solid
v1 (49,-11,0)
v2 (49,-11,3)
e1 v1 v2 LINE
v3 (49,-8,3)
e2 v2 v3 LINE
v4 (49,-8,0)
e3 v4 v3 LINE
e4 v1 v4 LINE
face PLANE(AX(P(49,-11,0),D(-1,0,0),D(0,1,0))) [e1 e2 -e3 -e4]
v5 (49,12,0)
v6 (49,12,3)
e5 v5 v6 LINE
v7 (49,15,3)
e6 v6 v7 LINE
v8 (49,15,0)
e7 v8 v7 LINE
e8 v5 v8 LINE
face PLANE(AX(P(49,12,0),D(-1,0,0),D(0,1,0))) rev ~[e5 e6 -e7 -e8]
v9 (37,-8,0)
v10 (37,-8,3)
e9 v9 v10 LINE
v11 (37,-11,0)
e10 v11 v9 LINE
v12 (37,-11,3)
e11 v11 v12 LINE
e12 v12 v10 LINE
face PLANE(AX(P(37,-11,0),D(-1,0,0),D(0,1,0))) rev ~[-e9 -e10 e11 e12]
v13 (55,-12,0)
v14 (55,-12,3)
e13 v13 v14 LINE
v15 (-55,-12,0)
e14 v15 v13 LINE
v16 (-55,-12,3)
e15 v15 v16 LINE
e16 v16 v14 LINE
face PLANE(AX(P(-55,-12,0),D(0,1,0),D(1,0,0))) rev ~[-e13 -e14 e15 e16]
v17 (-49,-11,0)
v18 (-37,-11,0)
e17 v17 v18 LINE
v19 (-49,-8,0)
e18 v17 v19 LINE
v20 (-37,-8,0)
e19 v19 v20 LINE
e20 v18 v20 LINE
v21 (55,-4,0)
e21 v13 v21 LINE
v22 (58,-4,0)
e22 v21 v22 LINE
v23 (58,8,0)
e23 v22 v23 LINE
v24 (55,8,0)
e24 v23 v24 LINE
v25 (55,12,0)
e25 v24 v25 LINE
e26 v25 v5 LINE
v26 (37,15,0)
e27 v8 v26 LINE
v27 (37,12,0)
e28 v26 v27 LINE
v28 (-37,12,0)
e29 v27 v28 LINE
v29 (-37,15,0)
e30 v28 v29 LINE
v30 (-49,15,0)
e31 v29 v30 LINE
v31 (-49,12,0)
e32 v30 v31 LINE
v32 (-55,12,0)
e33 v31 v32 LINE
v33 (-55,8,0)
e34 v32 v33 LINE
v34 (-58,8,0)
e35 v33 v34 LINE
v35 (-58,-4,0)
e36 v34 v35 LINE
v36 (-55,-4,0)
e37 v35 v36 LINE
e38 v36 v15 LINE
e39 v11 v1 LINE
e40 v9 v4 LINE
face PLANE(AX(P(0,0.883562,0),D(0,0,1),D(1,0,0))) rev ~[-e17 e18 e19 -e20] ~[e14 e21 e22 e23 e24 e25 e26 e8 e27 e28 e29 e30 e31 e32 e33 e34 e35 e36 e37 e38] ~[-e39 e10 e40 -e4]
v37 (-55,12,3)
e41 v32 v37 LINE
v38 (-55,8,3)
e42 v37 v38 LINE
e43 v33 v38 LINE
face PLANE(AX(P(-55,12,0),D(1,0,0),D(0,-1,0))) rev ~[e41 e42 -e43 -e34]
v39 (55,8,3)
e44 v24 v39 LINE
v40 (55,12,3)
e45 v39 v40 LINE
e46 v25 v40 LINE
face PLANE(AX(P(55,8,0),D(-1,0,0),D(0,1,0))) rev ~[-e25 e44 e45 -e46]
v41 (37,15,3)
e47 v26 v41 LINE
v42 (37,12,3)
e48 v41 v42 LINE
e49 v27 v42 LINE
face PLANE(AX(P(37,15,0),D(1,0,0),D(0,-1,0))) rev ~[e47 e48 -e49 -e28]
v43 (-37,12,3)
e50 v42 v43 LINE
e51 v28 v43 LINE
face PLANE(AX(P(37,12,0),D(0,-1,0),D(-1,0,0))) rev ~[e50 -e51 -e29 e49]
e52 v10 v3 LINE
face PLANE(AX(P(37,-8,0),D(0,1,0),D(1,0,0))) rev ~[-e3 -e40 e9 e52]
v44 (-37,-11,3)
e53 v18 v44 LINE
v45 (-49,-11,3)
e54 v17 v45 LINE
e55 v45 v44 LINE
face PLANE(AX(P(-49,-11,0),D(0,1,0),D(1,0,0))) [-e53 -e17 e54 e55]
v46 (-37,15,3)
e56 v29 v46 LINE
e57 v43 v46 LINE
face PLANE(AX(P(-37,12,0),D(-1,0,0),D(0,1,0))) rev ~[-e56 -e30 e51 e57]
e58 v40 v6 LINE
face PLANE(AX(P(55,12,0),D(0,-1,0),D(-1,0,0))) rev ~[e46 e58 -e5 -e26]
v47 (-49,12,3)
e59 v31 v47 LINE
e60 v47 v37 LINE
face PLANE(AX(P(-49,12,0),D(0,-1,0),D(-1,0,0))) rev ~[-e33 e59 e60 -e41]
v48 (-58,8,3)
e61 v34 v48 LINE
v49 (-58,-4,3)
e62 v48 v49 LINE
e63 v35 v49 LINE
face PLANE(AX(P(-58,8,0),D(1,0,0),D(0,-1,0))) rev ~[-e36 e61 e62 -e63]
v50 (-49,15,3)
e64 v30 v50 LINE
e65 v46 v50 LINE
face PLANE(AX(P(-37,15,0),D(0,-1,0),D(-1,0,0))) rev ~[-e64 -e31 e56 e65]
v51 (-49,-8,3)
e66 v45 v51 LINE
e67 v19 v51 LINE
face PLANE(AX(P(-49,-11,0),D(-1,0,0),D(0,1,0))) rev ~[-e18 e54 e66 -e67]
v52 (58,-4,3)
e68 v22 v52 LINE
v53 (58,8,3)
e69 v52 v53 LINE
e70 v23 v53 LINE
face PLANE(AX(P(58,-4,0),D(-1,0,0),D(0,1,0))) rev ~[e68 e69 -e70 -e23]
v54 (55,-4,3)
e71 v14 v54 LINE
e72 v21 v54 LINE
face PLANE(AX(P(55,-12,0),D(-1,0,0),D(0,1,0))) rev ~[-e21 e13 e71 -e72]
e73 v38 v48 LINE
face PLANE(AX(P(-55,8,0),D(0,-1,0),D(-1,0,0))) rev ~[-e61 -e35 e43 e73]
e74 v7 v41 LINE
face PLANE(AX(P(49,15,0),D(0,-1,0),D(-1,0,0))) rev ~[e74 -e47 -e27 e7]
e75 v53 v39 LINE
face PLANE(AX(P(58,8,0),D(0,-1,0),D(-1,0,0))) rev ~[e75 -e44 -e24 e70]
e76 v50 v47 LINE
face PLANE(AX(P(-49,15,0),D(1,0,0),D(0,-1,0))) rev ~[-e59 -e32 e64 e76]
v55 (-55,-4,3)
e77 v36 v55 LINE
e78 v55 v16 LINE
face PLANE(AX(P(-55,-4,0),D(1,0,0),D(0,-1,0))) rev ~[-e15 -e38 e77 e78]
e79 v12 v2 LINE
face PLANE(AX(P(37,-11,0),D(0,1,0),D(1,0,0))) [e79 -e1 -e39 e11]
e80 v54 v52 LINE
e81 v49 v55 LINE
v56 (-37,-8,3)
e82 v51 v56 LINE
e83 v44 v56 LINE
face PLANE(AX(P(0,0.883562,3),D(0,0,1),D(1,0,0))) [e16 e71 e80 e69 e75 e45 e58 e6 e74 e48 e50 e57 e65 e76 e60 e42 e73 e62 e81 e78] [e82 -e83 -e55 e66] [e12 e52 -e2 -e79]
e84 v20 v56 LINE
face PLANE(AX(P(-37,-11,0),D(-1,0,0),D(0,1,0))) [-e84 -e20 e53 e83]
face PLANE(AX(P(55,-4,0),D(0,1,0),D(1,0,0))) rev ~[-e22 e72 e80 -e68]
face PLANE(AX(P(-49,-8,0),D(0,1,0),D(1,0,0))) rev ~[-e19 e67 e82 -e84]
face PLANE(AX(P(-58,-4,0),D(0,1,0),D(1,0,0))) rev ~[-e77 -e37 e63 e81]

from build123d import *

# Parameters (mm, degrees)
F0_W     = 12
F0_H     = 3
F1_DEPTH = 3


with BuildPart() as f1:
    # F0 (on Top) → F1 (new body)
    with BuildSketch(Plane.XY):
        Polygon((55, 8), (55, 12), (49, 12), (49, 15), (37, 15), (37, 12), (-37, 12), (-37, 15), (-49, 15), (-49, 12), (-55, 12), (-55, 8), (-58, 8), (-58, -4), (-55, -4), (-55, -12), (55, -12), (55, -4), (58, -4), (58, 8), align=None)
        with Locations((-43, -9.5)):
            Rectangle(F0_W, F0_H, mode=Mode.SUBTRACT)
        with Locations((43, -9.5)):
            Rectangle(F0_W, F0_H, mode=Mode.SUBTRACT)
    extrude(amount=F1_DEPTH)


solid = f1.part
